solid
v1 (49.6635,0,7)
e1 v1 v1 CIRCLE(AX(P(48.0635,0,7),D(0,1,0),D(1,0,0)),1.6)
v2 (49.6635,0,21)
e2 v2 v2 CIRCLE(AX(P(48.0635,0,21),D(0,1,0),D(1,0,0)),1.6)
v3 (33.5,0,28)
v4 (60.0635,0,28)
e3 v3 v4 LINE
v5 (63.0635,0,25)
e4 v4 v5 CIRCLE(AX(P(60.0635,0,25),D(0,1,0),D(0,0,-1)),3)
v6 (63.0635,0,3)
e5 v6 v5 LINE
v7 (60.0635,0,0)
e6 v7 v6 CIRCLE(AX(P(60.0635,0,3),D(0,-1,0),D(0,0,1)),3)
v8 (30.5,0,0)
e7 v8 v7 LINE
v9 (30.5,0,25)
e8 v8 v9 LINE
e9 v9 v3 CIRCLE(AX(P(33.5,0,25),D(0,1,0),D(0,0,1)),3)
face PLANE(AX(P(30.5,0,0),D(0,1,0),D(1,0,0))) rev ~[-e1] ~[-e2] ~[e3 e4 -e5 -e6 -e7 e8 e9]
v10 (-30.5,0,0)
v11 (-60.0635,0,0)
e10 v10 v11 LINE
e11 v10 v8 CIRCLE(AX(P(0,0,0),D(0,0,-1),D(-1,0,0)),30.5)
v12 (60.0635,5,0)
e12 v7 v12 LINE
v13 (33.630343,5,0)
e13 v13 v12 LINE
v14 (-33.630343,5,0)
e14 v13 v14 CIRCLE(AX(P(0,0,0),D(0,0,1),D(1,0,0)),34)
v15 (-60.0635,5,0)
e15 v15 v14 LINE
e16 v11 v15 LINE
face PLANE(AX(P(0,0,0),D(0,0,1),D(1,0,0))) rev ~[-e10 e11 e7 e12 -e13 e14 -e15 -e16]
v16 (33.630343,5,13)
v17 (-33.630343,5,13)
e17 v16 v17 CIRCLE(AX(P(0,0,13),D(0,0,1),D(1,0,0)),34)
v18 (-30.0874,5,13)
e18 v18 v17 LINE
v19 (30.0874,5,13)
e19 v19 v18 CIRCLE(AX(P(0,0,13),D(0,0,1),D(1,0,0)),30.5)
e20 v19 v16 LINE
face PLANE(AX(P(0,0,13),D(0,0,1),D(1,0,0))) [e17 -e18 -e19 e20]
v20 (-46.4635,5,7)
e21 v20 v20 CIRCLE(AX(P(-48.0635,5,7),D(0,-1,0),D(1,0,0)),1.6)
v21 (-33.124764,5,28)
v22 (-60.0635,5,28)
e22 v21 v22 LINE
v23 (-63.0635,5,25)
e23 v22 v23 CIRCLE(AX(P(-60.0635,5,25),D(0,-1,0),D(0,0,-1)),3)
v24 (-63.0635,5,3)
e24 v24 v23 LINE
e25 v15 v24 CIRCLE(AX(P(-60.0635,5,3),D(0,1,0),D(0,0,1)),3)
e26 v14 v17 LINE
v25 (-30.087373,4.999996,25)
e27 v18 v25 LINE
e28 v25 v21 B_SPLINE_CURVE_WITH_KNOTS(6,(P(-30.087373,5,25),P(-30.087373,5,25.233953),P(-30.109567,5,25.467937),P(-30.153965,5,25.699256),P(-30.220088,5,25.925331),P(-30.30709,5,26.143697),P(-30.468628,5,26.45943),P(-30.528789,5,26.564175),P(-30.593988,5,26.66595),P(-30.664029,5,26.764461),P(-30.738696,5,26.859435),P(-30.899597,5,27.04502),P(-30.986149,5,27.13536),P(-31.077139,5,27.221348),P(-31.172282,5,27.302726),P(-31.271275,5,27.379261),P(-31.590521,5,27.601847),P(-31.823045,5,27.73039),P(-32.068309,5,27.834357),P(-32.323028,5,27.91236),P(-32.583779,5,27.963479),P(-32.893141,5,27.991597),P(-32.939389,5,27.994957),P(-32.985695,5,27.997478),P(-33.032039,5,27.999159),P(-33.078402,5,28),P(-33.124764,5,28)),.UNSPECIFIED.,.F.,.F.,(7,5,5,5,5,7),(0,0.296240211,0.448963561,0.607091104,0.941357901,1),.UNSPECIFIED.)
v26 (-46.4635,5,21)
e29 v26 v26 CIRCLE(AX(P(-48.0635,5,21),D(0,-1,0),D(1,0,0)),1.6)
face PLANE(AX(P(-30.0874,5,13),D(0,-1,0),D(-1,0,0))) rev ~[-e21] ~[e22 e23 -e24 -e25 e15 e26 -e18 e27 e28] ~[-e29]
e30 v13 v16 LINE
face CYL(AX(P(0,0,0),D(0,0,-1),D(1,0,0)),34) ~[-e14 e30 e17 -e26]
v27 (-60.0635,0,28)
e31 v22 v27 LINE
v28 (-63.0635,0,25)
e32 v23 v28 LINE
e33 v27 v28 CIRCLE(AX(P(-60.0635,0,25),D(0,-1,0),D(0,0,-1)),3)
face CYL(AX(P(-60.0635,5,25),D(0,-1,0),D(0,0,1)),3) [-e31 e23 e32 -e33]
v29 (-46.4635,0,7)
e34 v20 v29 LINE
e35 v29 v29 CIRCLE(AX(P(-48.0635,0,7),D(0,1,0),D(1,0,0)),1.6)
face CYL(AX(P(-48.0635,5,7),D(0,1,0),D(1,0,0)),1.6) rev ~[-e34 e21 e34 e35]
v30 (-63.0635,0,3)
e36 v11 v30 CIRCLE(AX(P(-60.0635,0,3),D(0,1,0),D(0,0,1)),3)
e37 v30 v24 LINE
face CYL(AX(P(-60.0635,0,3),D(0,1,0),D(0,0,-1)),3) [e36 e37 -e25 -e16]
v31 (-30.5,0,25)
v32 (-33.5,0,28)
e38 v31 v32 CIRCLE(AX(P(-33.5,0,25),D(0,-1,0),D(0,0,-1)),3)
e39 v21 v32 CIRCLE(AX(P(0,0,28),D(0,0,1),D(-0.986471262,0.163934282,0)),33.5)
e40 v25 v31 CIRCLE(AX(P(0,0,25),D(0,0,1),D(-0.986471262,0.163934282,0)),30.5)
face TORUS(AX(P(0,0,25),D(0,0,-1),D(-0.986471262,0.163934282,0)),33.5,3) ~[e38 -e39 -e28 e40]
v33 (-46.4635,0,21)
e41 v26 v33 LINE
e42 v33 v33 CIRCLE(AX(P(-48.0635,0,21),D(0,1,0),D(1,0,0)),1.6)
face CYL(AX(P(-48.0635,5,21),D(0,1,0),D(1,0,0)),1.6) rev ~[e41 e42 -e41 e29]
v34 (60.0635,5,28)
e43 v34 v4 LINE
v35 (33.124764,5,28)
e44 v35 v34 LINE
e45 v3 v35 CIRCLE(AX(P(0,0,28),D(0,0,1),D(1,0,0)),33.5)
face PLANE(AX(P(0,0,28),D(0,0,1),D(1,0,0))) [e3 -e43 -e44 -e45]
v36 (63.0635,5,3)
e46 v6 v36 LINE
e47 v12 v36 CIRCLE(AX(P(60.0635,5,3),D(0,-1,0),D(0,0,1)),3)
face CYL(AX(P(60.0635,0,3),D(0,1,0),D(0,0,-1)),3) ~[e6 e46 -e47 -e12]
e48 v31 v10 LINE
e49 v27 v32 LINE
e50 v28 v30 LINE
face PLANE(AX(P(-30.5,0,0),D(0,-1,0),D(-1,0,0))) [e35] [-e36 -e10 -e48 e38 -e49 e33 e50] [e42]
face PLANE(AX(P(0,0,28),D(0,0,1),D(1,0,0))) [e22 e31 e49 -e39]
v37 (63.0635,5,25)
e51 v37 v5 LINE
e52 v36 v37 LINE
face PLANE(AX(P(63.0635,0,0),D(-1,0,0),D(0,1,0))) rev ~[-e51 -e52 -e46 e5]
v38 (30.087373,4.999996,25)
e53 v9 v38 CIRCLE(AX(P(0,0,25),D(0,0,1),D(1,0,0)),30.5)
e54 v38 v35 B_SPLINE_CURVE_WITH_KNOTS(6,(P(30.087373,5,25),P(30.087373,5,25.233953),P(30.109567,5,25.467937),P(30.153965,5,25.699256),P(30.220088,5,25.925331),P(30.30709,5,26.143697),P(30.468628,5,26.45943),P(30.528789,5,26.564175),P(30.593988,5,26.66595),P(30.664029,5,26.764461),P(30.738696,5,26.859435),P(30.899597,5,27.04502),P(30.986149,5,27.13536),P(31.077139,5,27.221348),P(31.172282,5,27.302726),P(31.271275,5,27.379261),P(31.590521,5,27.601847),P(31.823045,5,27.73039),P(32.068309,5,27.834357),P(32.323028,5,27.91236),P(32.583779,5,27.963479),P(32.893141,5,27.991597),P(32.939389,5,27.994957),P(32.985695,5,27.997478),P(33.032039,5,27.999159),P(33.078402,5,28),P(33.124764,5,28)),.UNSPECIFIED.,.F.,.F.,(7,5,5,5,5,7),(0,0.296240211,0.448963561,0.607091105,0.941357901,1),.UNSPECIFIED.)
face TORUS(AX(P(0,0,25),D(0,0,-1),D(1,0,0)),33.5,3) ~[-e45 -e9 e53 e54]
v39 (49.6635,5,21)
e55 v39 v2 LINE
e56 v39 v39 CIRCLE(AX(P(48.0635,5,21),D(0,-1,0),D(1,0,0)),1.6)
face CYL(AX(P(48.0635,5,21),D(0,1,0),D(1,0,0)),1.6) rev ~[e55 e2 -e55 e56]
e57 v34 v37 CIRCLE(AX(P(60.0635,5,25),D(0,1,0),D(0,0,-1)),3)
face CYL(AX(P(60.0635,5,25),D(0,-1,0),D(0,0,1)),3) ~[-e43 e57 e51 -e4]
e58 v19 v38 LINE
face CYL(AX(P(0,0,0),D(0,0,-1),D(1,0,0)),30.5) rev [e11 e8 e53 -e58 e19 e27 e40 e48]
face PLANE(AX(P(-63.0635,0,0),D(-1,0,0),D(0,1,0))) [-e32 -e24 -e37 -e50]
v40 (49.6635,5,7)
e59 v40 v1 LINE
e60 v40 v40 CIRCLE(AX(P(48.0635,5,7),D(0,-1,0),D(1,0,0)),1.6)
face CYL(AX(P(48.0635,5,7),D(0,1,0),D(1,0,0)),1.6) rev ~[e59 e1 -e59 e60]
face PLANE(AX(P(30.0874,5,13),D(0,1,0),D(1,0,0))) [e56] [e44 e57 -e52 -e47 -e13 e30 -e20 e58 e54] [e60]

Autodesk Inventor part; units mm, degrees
ref_plane "YZ Plane" through (0, 0, 0) normal (1, 0, 0) x (0, 1, 0)
ref_plane "XZ Plane" through (0, 0, 0) normal (0, 1, 0) x (-1, 0, 0)
ref_plane "XY Plane" through (0, 0, 0) normal (0, 0, 1) x (1, 0, 0)
sketch "Эскиз1" plane through (0, 0, 0) normal (0, 0, 1) x (1, 0, 0)
  circle A0 centre (0, 0) radius 30.5
  circle A1 centre (0, 0) radius 34
  line L0 (0, 0) -> (-48.0635, 0)
  line L1 (-48.0635, 0) -> (48.0635, 0)
  line L2 (-48.0635, 0) -> (-63.0635, 0)
  line L3 (48.0635, 0) -> (63.0635, 0)
  line L4 (-63.0635, 0) -> (-63.0635, 5)
  line L5 (-63.0635, 5) -> (48.0635, 5)
  line L6 (48.0635, 5) -> (48.0635, 0)
  line L7 (63.0635, 0) -> (63.0635, 5)
  line L8 (63.0635, 5) -> (48.0635, 5)
  point P0 (-30.5, 0)
  point P1 (30.5, 0)
  point P2 (34, 0)
  point P3 (-34, 0)
  point P4 (33.6303, 5)
  point P5 (-33.6303, 5)
  dimension "d0" = 61
  dimension "d1" = 68
  dimension "d2" = 48.0635
  dimension "d3" = 96.127
  dimension "d4" = 15
  dimension "d5" = 15
  dimension "d9" = 5
extrude "Выдавливание1" add sketch "Эскиз1" along normal blind 13 contours A0 L5 A1 L1 | A0 L5 A1 | L0 A1 L5 A0 | A1 L5 L6 L1 | L0 L2 L4 L5 A1 | L6 L8 L7 L3
sketch "Эскиз2" plane through (0, 0, 13) normal (0, 0, 1) x (1, 0, 0)
  circle A0 centre (0, 0) radius 30.5
  line L0 (-63.0635, 0) -> (-30.5, 0) projected
  line L1 (-63.0635, 0) -> (-30.0874, 0)
  line L2 (-30.0874, 0) -> (-30.0874, 5)
  line L3 (-30.0874, 5) -> (-63.0635, 5)
  line L4 (-63.0635, 5) -> (-63.0635, 0)
  line L5 (30.5, 0) -> (63.0635, 0) projected
  arc A1 (30.5, 0) -> (-30.5, 0) centre (0, 0) ccw projected
  line L6 (63.0635, 0) -> (30.0874, 0)
  line L7 (30.0874, 0) -> (30.0874, 5)
  line L8 (30.0874, 5) -> (63.0635, 5)
  line L9 (63.0635, 5) -> (63.0635, 0)
extrude "Выдавливание2" add sketch "Эскиз2" along normal blind 15 contours A0 L8 L9 L5 | L0 L4 L3 A0
sketch "Эскиз3" plane through (-63.0635, 5, 0) normal (0, 1, 0) x (1, 0, 0)
  line L0 (0, 0) -> (32.5635, 0) projected
  line L1 (0, 0) -> (15, 0)
  line L2 (15, 0) -> (15, -7)
  line L3 (15, -7) -> (15, -21)
  line L4 (93.5635, 0) -> (126.127, 0) projected
  line L5 (126.127, 0) -> (111.127, 0)
  line L6 (111.127, 0) -> (111.127, -7)
  line L7 (111.127, -7) -> (111.127, -21)
  circle A0 centre (111.127, -21) radius 1.6
  circle A1 centre (111.127, -7) radius 1.6
  circle A2 centre (15, -21) radius 1.6
  circle A3 centre (15, -7) radius 1.6
  point P0 (63.0635, 0)
  dimension "d12" = 15
  dimension "d13" = 7
  dimension "d14" = 14
  dimension "d15" = 15
  dimension "d16" = 3.2
  dimension "d17" = 3.2
  dimension "d18" = 3.2
  dimension "d19" = 3.2
extrude "Выдавливание3" cut sketch "Эскиз3" against normal blind 15
fillet "Сопряжение1" radius 3 6 edges at (30.3967, 2.5085, 28) (63.0635, 2.5, 28) (63.0635, 2.5, 0) (-63.0635, 2.5, 0) (-63.0635, 2.5, 28) (-30.3967, 2.5085, 28)
properties part number "vydacha_2"
